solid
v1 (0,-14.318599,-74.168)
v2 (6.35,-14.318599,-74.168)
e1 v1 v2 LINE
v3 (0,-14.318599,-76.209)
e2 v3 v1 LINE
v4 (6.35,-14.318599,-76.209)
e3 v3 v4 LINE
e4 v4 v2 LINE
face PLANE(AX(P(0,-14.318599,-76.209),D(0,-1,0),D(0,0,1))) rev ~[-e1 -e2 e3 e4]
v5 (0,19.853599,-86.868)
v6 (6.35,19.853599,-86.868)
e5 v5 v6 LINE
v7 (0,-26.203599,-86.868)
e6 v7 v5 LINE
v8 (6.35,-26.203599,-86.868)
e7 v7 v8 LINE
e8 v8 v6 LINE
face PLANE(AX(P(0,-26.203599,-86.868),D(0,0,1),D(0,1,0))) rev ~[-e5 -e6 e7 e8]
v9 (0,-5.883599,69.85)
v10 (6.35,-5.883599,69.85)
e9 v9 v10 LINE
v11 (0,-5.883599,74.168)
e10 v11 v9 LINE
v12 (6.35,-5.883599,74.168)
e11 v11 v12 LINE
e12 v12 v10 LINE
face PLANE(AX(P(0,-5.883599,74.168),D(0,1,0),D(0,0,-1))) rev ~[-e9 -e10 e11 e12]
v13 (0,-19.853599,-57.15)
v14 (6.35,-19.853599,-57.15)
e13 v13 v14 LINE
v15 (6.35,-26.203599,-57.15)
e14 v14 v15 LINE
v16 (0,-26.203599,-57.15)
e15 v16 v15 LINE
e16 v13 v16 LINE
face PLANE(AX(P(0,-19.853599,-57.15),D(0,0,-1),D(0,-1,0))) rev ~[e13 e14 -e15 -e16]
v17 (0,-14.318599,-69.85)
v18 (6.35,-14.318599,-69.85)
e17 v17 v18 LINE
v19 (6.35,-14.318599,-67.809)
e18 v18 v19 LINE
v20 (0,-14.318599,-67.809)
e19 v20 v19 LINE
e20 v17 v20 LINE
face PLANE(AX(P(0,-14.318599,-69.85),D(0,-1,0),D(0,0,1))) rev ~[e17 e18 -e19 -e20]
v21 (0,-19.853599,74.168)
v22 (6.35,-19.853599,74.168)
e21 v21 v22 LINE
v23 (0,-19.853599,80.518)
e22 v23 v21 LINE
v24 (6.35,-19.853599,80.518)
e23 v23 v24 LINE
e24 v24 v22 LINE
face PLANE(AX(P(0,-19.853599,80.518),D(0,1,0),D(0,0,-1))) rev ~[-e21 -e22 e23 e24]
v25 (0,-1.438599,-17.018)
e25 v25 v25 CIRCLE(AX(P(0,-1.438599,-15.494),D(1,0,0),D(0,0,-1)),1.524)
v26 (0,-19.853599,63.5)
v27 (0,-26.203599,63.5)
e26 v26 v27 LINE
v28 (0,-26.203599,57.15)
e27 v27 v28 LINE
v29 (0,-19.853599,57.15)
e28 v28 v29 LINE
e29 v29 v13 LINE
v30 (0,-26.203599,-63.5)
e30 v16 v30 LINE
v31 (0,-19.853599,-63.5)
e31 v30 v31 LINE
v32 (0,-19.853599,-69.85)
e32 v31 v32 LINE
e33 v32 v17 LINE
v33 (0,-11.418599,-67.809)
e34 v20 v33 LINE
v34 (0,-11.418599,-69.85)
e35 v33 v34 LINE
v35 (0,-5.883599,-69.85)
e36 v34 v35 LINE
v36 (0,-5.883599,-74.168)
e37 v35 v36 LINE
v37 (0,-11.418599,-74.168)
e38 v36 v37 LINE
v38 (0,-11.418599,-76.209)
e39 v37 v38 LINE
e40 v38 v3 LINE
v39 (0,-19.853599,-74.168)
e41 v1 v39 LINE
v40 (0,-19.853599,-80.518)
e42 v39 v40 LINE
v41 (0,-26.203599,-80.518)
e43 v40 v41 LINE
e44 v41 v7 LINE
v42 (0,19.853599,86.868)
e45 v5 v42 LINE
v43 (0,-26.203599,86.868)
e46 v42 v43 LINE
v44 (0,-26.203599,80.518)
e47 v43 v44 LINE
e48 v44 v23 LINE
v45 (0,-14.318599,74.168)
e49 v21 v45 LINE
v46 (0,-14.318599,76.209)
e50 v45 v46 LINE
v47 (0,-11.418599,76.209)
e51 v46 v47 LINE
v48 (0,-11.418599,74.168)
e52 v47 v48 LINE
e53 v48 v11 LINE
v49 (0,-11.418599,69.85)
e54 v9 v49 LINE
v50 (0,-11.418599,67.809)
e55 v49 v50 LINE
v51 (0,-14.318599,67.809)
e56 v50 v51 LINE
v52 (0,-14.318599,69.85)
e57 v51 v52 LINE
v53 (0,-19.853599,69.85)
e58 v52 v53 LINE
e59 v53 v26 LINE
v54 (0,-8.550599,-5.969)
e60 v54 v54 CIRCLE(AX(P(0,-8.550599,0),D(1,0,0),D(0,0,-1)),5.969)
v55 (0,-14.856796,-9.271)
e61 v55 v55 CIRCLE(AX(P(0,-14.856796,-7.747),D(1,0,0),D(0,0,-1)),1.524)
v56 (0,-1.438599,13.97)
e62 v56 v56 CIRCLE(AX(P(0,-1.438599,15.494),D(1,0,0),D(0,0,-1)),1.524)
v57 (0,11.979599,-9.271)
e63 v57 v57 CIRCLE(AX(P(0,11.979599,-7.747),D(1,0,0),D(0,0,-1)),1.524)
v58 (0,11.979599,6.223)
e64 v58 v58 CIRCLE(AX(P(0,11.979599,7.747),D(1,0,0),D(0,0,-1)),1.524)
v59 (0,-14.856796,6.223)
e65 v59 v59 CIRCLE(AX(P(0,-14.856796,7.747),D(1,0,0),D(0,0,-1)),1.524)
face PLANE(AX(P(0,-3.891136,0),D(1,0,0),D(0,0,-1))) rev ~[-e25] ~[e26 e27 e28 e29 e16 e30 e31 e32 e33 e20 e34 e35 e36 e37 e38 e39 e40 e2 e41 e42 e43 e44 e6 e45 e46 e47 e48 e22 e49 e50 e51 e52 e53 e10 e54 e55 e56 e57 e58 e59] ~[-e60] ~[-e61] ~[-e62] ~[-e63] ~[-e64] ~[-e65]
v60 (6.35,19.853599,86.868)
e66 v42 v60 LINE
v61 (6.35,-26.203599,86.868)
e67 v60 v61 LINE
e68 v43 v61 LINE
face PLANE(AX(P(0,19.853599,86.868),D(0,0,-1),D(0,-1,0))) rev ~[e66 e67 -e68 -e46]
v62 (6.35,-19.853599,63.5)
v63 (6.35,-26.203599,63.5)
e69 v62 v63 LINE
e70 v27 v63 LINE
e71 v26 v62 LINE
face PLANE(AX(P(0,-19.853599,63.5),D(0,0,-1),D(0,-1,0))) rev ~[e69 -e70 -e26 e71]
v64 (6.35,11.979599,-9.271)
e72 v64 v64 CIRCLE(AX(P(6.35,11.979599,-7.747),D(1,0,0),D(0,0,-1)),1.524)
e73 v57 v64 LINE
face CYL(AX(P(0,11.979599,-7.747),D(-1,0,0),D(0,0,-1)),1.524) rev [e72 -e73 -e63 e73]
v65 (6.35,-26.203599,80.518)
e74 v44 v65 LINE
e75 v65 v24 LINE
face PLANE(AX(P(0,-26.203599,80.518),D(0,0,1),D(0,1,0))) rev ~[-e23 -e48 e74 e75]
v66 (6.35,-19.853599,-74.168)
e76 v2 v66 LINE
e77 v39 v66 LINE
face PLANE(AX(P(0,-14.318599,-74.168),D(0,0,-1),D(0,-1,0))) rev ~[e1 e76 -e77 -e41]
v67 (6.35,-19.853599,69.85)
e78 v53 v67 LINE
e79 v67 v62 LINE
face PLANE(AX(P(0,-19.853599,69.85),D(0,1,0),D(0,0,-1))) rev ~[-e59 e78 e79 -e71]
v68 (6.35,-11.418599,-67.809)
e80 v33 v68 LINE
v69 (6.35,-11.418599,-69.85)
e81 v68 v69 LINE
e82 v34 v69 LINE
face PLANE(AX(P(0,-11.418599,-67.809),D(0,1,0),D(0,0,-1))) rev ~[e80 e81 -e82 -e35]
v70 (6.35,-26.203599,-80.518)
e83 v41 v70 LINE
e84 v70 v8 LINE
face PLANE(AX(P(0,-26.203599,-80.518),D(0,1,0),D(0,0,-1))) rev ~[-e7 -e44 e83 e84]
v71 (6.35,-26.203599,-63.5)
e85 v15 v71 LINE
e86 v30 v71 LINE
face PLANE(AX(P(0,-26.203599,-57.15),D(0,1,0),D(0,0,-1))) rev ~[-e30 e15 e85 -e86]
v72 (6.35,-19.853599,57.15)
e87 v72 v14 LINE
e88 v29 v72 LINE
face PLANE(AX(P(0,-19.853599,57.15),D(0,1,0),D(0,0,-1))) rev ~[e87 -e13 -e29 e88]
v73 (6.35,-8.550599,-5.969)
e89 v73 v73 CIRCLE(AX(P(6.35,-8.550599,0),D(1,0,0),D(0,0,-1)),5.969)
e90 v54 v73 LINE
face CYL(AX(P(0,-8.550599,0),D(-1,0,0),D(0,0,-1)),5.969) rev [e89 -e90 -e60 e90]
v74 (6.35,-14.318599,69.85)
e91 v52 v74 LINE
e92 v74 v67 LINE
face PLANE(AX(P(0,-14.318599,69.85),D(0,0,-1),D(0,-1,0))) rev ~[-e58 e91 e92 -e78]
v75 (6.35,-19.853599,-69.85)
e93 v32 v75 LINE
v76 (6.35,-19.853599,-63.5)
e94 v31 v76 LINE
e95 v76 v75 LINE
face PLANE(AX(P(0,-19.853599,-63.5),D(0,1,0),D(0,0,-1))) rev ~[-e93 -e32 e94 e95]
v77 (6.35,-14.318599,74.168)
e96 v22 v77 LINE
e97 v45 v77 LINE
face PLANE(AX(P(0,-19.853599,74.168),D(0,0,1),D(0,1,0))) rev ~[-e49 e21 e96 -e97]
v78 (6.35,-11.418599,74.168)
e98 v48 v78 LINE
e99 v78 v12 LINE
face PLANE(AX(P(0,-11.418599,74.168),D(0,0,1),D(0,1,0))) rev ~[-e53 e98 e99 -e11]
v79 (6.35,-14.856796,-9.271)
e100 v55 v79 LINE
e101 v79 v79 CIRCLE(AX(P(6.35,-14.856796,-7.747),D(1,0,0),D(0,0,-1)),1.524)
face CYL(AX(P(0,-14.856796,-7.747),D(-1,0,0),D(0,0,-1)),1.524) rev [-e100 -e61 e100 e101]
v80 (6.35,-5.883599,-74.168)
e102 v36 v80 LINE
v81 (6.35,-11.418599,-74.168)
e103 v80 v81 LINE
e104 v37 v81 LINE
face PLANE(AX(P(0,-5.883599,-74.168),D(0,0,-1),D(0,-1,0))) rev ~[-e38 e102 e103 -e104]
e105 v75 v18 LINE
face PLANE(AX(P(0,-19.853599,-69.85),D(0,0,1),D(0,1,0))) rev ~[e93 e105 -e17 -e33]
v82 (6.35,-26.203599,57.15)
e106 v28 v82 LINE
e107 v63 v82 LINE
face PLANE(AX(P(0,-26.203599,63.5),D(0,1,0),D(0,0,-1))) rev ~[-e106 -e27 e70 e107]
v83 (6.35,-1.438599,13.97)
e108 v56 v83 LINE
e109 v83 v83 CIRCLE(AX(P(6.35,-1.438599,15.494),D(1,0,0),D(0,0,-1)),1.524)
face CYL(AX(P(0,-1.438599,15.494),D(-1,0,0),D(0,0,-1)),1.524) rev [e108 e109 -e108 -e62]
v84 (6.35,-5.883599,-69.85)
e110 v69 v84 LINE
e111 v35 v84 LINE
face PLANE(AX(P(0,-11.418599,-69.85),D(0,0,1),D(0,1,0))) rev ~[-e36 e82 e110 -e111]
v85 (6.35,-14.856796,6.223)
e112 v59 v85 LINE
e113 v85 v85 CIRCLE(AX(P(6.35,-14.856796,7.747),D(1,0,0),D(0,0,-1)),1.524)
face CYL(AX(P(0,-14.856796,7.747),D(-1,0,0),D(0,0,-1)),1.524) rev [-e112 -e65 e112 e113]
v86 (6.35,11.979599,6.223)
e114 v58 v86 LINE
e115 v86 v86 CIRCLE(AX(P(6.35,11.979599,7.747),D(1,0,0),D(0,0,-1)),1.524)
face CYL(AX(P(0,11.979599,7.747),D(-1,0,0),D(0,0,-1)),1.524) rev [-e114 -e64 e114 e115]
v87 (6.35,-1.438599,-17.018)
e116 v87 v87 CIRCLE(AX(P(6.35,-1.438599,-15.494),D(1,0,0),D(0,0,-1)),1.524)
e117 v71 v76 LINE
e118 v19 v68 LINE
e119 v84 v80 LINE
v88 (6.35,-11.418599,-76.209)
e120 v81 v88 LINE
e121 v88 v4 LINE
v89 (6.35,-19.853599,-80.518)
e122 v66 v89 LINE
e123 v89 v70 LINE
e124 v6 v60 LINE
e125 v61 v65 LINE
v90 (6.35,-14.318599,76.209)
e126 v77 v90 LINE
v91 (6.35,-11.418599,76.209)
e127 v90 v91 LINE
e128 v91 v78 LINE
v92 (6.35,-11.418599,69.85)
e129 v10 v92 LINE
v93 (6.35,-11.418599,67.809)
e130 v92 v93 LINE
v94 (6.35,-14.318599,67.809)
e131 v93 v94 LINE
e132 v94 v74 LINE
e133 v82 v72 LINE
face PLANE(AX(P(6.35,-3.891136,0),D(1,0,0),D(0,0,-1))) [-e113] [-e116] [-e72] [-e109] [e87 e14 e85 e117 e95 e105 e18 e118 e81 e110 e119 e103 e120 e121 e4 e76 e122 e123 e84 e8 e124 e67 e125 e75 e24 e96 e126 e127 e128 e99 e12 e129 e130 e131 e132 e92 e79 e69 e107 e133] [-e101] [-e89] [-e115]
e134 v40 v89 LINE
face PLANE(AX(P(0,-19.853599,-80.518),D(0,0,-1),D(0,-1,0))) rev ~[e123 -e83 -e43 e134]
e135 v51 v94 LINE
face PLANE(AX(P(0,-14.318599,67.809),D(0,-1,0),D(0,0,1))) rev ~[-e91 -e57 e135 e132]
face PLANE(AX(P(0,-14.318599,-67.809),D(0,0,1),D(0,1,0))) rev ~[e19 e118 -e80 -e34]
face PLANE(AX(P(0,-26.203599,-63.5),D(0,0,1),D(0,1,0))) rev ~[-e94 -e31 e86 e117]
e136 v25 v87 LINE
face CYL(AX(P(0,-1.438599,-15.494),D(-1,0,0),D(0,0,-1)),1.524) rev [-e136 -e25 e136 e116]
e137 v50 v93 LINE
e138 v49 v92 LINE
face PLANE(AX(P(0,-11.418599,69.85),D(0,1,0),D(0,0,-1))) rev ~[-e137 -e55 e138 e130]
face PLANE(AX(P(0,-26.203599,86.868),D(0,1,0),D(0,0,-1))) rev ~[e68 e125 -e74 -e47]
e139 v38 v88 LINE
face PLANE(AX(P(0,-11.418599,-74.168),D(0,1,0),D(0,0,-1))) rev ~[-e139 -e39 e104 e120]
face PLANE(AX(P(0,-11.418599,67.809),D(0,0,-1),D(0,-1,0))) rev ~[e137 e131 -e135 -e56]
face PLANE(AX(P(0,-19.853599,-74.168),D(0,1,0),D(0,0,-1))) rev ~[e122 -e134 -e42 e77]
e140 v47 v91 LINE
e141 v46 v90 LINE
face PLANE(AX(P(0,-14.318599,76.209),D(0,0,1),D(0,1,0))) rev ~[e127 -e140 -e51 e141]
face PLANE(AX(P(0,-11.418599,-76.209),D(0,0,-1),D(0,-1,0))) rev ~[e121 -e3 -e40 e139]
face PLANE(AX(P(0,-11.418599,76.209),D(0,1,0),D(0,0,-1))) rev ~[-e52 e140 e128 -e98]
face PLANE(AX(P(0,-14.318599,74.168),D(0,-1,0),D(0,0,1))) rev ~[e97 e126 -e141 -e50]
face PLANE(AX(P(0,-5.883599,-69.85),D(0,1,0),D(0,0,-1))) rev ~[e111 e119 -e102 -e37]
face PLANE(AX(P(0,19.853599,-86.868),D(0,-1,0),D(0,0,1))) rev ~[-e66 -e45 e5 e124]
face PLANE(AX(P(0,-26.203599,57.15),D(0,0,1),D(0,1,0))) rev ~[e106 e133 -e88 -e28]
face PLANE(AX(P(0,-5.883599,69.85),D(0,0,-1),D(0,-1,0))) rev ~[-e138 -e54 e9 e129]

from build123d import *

# Parameters (mm, degrees)
MOTOR_PLATE_R       = 1.524
MOTOR_PLATE_R_2     = 5.969
BOSS_EXTRUDE1_DEPTH = 6.35


with BuildPart() as part:
    # Motor plate → Boss-Extrude1 (new body)
    with BuildSketch(Plane(origin=(0, 0, 0), x_dir=(0, 0, -1), z_dir=(1, 0, 0))):
        Polygon((-57.15, -19.853598803), (57.15, -19.853598803), (57.15, -26.203598803), (63.5, -26.203598803), (63.5, -19.853598803), (69.85, -19.853598803), (69.85, -14.318598824), (67.809000018, -14.318598824), (67.809000018, -11.418598782), (69.85, -11.418598782), (69.85, -5.883598803), (74.168, -5.883598803), (74.168, -11.418598782), (76.208999982, -11.418598782), (76.208999982, -14.318598824), (74.168, -14.318598824), (74.168, -19.853598803), (80.518, -19.853598803), (80.518, -26.203598803), (86.868, -26.203598803), (86.868, -19.853598803), (86.868, 19.853598803), (57.15, 19.853598803), (-57.15, 19.853598803), (-86.868, 19.853598803), (-86.868, -19.853598803), (-86.868, -26.203598803), (-80.518, -26.203598803), (-80.518, -19.853598803), (-74.168, -19.853598803), (-74.168, -14.318598824), (-76.208999982, -14.318598824), (-76.208999982, -11.418598782), (-74.168, -11.418598782), (-74.168, -5.883598803), (-69.85, -5.883598803), (-69.85, -11.418598782), (-67.809000018, -11.418598782), (-67.809000018, -14.318598824), (-69.85, -14.318598824), (-69.85, -19.853598803), (-63.5, -19.853598803), (-63.5, -26.203598803), (-57.15, -26.203598803), align=None)
        with Locations((-7.747, -14.856796409)):
            Circle(MOTOR_PLATE_R, mode=Mode.SUBTRACT)
        with Locations((0, -8.550598803)):
            Circle(MOTOR_PLATE_R_2, mode=Mode.SUBTRACT)
        with Locations((7.747, -14.856796409)):
            Circle(MOTOR_PLATE_R, mode=Mode.SUBTRACT)
        with Locations((-15.494, -1.438598803)):
            Circle(MOTOR_PLATE_R, mode=Mode.SUBTRACT)
        with Locations((-7.747, 11.979598803)):
            Circle(MOTOR_PLATE_R, mode=Mode.SUBTRACT)
        with Locations((15.494, -1.438598803)):
            Circle(MOTOR_PLATE_R, mode=Mode.SUBTRACT)
        with Locations((7.747, 11.979598803)):
            Circle(MOTOR_PLATE_R, mode=Mode.SUBTRACT)
    extrude(amount=BOSS_EXTRUDE1_DEPTH)


solid = part.part
